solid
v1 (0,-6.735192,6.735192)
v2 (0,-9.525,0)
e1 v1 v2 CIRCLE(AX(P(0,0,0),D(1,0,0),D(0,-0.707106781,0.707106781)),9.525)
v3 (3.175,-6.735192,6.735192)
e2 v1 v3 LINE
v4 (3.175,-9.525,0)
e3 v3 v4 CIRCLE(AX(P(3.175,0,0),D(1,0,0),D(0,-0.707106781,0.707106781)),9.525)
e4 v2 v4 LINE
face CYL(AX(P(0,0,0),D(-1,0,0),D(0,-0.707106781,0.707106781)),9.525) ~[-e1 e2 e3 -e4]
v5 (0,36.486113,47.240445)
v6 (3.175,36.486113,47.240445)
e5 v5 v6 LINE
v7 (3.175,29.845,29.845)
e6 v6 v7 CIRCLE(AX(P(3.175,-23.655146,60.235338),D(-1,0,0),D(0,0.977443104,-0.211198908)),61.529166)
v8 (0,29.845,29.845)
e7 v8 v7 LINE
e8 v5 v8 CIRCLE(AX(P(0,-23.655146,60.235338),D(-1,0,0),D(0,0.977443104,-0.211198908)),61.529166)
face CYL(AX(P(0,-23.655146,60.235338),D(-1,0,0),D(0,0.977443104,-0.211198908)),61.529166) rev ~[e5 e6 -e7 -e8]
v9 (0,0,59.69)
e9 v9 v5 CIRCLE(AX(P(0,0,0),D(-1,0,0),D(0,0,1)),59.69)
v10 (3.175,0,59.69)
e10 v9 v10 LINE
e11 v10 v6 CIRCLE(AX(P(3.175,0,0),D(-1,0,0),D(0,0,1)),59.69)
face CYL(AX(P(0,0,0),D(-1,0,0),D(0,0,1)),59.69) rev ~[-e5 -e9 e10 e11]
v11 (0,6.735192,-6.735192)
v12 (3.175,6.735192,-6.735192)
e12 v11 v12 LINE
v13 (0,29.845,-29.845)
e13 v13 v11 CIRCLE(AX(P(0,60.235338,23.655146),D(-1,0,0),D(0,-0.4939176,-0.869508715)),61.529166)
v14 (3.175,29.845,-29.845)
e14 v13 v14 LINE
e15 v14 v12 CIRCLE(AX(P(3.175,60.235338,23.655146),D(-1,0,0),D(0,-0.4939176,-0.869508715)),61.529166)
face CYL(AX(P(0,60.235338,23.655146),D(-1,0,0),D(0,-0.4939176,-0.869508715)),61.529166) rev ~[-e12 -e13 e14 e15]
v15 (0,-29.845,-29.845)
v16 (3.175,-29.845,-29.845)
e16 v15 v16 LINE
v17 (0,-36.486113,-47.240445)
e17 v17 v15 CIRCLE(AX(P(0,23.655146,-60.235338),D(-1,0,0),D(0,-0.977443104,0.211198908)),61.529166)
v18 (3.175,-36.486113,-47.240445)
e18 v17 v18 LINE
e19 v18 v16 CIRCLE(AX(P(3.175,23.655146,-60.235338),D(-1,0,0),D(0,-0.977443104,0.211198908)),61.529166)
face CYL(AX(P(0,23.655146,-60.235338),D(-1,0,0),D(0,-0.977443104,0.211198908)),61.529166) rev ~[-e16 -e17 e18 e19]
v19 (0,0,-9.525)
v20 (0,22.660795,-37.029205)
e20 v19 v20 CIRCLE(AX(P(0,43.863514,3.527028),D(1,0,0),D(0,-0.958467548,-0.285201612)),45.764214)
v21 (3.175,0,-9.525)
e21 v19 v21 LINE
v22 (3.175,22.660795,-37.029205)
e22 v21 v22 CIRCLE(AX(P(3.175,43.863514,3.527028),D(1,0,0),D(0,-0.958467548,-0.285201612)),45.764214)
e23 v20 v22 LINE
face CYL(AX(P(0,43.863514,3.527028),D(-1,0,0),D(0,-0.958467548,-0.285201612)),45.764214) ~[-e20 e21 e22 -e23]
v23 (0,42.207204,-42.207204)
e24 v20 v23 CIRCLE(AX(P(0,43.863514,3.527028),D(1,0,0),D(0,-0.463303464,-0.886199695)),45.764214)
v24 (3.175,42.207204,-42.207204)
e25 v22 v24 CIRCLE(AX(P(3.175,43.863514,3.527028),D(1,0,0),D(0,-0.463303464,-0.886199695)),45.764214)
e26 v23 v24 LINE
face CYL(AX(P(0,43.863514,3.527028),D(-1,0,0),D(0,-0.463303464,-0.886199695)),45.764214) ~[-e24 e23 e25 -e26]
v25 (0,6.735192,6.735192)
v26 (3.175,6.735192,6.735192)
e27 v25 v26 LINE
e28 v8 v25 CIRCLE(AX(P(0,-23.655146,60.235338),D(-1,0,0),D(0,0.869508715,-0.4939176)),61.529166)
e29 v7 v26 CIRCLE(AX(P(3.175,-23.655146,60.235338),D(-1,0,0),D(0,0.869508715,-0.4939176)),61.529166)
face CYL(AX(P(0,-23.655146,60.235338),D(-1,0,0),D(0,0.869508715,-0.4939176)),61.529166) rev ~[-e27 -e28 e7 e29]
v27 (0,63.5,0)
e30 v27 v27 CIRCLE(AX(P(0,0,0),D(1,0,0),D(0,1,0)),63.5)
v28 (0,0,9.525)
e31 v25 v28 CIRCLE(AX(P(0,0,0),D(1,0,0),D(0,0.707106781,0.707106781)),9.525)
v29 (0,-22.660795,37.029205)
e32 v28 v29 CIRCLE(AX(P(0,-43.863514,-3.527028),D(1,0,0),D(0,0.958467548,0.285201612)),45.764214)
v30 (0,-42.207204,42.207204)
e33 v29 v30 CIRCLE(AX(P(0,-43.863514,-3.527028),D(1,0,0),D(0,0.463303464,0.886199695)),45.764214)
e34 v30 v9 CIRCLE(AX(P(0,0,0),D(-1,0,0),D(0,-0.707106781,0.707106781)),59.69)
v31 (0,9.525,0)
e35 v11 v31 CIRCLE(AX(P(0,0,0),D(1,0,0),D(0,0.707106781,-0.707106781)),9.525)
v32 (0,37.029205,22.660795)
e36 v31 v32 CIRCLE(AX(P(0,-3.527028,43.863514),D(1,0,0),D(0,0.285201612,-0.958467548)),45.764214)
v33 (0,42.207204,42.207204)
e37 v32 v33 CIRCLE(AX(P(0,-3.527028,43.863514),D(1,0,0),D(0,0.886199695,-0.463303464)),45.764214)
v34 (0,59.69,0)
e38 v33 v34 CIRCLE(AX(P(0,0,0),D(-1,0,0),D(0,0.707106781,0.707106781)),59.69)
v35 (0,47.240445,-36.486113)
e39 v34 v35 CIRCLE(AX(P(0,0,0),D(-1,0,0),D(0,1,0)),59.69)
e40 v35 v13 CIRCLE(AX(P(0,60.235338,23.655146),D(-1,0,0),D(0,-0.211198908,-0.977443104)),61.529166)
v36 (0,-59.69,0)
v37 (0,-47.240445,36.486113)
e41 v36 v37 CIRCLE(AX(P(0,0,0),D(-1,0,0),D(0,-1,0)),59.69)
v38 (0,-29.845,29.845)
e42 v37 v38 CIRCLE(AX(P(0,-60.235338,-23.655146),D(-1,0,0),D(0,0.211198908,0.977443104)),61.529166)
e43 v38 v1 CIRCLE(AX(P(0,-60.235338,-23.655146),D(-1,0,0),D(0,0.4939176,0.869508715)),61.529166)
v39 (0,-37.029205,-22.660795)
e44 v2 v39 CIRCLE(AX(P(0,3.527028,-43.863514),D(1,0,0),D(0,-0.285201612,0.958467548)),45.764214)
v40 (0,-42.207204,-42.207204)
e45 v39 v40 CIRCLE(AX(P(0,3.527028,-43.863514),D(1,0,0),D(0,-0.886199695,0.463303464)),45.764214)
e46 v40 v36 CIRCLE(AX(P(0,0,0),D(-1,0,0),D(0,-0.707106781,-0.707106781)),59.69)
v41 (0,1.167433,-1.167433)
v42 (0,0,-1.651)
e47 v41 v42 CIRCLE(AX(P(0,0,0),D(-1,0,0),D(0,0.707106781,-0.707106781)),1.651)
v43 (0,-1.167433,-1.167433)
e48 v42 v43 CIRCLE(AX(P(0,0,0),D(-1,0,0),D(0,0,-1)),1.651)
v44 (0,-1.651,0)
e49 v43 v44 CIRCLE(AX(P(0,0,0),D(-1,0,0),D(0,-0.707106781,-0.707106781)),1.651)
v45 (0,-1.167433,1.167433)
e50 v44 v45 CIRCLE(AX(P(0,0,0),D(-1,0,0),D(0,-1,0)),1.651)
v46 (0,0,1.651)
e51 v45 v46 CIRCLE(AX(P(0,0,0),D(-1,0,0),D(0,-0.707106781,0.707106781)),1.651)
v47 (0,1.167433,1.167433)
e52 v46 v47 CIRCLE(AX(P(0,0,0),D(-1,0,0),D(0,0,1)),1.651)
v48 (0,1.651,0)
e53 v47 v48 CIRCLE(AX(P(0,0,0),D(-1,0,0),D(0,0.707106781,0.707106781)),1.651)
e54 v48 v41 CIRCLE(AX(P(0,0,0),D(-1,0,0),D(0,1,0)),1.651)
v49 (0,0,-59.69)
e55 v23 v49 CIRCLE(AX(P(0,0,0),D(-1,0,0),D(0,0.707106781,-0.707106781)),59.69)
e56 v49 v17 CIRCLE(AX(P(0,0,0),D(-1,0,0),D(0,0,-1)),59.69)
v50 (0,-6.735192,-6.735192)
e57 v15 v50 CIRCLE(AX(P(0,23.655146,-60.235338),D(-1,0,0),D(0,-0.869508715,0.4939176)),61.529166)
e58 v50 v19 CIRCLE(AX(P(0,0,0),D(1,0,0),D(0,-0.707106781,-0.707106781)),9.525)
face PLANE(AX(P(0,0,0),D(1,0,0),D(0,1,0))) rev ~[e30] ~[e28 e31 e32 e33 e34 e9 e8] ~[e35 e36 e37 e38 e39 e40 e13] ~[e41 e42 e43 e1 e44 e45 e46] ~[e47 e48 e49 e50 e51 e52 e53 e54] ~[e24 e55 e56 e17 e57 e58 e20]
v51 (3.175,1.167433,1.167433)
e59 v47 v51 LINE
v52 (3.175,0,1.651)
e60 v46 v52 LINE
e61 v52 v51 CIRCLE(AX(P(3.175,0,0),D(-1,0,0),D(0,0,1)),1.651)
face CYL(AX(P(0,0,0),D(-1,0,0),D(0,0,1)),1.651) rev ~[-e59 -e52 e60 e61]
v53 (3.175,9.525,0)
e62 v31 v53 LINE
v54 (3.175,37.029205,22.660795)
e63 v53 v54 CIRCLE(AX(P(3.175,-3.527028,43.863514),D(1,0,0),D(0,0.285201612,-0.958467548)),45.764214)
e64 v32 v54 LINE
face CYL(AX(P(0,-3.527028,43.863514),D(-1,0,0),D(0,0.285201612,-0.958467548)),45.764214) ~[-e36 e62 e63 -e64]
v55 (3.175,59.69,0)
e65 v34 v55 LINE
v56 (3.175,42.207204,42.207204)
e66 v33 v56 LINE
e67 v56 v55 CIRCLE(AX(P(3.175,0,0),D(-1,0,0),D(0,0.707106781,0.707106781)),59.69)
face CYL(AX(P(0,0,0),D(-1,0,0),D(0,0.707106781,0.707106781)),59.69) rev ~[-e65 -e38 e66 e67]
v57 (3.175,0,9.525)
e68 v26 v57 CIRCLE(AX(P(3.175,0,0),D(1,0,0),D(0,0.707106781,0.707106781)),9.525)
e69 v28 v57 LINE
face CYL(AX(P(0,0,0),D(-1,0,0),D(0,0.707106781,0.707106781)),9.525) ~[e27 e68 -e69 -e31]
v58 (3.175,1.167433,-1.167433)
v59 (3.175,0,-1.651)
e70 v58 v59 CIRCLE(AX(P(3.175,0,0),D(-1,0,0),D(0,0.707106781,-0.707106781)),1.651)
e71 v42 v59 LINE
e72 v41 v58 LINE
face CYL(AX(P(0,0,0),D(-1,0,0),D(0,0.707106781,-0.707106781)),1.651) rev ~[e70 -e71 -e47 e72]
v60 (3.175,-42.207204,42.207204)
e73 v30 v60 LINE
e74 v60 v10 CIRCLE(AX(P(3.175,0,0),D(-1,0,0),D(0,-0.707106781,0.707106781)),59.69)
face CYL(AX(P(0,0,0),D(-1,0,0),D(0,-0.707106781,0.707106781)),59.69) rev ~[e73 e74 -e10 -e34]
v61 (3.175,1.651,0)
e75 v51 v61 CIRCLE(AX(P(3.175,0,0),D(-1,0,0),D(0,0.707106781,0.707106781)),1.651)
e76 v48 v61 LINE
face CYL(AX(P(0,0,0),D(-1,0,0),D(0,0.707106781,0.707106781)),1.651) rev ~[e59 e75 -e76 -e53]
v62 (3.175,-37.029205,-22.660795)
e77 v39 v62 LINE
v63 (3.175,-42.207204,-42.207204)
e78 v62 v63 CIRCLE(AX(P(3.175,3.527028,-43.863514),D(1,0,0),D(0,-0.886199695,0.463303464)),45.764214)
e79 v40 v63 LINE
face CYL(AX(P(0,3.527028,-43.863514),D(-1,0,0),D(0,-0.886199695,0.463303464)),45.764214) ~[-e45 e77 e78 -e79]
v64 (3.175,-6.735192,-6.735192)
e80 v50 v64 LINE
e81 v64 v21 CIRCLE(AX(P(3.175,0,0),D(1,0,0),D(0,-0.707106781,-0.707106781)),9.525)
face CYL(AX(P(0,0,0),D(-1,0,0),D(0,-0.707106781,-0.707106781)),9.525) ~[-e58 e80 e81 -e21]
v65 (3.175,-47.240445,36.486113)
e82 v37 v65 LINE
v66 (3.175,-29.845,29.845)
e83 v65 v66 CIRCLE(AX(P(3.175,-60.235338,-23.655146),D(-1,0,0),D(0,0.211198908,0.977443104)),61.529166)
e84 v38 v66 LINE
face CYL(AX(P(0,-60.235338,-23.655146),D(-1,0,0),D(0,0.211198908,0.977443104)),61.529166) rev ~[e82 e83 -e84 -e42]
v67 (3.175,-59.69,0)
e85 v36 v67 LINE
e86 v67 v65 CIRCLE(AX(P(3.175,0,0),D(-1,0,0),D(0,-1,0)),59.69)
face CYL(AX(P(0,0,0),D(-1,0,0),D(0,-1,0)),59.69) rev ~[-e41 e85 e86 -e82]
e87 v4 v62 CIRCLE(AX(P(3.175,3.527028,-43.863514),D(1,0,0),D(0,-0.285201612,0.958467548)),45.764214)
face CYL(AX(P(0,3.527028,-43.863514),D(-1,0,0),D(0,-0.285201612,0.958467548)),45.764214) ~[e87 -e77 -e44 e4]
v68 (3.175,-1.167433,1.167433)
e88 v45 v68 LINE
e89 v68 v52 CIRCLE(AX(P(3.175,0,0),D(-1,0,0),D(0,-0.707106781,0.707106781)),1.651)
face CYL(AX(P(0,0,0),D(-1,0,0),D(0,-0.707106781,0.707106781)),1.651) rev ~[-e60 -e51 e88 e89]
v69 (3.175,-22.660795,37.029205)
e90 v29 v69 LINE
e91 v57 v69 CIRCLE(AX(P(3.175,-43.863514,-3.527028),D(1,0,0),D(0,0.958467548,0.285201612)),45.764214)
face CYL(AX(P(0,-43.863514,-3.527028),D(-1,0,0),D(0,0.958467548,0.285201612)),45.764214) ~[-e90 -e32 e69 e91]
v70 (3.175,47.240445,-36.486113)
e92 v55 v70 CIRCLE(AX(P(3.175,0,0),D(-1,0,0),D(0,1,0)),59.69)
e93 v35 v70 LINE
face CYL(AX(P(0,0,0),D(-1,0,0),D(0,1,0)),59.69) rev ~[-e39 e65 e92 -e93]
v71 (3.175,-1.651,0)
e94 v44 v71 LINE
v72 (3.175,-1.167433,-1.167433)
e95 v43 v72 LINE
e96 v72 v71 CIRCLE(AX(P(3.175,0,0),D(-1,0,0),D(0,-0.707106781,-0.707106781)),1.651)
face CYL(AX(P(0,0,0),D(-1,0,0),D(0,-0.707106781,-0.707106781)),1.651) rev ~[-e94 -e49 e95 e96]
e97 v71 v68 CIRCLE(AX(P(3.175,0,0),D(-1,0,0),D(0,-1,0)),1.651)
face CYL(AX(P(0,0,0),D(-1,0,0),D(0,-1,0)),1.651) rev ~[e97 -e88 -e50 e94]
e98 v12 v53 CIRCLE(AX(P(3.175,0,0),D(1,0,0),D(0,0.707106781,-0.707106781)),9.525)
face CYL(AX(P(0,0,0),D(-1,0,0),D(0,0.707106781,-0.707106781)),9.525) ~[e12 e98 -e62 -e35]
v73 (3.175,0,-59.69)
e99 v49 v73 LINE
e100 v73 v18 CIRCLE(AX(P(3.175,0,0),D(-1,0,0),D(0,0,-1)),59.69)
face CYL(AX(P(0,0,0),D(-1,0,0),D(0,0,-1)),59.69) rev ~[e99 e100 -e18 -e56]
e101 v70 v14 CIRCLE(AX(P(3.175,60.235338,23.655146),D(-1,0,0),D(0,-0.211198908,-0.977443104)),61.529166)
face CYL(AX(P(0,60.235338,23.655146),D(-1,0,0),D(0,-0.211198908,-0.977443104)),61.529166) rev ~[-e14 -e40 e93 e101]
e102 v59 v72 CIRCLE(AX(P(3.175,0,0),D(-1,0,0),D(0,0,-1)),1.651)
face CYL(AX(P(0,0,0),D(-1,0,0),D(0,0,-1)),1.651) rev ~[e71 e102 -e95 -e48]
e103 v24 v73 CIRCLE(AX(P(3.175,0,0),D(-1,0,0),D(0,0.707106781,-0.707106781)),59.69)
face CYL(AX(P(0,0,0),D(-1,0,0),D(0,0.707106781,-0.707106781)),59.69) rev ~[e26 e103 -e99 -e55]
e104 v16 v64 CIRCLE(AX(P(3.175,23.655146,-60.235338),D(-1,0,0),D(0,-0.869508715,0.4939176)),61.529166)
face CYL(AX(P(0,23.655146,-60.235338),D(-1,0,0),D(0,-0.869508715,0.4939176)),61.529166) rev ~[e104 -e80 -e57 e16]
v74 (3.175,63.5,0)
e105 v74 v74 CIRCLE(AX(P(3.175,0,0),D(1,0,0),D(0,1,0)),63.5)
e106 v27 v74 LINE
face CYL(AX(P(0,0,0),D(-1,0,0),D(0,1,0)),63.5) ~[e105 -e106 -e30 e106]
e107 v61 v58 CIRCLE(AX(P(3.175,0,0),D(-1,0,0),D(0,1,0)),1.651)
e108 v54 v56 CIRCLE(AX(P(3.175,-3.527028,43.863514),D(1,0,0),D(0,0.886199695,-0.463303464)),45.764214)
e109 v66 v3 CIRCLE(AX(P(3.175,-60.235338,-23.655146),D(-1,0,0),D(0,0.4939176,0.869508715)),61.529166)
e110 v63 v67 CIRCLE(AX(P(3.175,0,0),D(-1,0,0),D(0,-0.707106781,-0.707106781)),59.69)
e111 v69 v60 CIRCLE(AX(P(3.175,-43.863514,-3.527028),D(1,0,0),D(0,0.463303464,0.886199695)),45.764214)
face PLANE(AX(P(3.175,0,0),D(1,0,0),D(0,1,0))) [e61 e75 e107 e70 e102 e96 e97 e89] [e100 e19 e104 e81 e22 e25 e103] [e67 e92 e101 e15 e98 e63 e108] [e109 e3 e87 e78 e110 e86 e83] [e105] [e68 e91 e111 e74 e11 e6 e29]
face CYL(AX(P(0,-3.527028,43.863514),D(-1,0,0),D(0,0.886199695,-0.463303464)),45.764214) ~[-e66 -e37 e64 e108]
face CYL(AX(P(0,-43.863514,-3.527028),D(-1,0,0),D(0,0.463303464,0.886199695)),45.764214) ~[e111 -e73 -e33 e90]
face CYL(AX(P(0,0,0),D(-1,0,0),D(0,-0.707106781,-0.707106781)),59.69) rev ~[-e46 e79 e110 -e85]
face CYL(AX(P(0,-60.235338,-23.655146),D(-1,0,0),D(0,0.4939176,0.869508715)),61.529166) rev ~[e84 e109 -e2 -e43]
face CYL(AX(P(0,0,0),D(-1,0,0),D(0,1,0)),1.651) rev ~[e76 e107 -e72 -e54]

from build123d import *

# Parameters (mm, degrees)
F0_R     = 63.5
F1_DEPTH = 3.175


with BuildPart() as f1:
    # F0 (on Right) → F1 (new body)
    with BuildSketch(Plane.YZ):
        Circle(F0_R)
        with BuildLine():
            ThreePointArc((42.207203769, 42.207203769), (55.1463692956, 22.8423740779), (59.69, 0))
            ThreePointArc((59.69, 0), (56.4919386946, -19.2758128889), (47.240445216, -36.486112917))
            ThreePointArc((47.240445216, -36.486112917), (44.8152116738, -39.4270580012), (42.207203769, -42.207203769))
            ThreePointArc((42.207203769, -42.207203769), (22.8423740779, -55.1463692956), (0, -59.69))
            ThreePointArc((0, -59.69), (-19.2758128889, -56.4919386946), (-36.486112917, -47.240445216))
            ThreePointArc((-36.486112917, -47.240445216), (-39.4270580012, -44.8152116738), (-42.207203769, -42.207203769))
            ThreePointArc((-42.207203769, -42.207203769), (-55.1463692956, -22.8423740779), (-59.69, 0))
            ThreePointArc((-59.69, 0), (-56.4919386946, 19.2758128889), (-47.240445216, 36.486112917))
            ThreePointArc((-47.240445216, 36.486112917), (-44.8152116738, 39.4270580012), (-42.207203769, 42.207203769))
            ThreePointArc((-42.207203769, 42.207203769), (-22.8423740779, 55.1463692956), (0, 59.69))
            ThreePointArc((0, 59.69), (19.2758128889, 56.4919386946), (36.486112917, 47.240445216))
            ThreePointArc((36.486112917, 47.240445216), (39.4270580012, 44.8152116738), (42.207203769, 42.207203769))
        make_face(mode=Mode.SUBTRACT)
        with BuildLine():
            ThreePointArc((29.845, -29.845), (16.7276475457, -19.8525445451), (6.7351920908, -6.7351920908))
            ThreePointArc((6.7351920908, -6.7351920908), (3.6450596933, -8.7999525472), (0, -9.525))
            ThreePointArc((0, -9.525), (8.5432084009, -25.5734757664), (22.6607951031, -37.0292048969))
            Line((22.6607951031, -37.0292048969), (29.845, -29.845))
        make_face()
        with BuildLine():
            ThreePointArc((-6.7351920908, 6.7351920908), (-3.6450596933, 8.7999525472), (0, 9.525))
            ThreePointArc((0, 9.525), (-8.5432084009, 25.5734757664), (-22.6607951031, 37.0292048969))
            Line((-22.6607951031, 37.0292048969), (-29.845, 29.845))
            ThreePointArc((-29.845, 29.845), (-16.7276475457, 19.8525445451), (-6.7351920908, 6.7351920908))
        make_face()
        with BuildLine():
            ThreePointArc((6.7351920908, 6.7351920908), (8.7999525472, 3.6450596933), (9.525, 0))
            ThreePointArc((9.525, 0), (25.5734757664, 8.5432084009), (37.0292048969, 22.6607951031))
            Line((37.0292048969, 22.6607951031), (29.845, 29.845))
            ThreePointArc((29.845, 29.845), (19.8525445451, 16.7276475457), (6.7351920908, 6.7351920908))
        make_face()
        with BuildLine():
            ThreePointArc((-29.845, -29.845), (-19.8525445451, -16.7276475457), (-6.7351920908, -6.7351920908))
            ThreePointArc((-6.7351920908, -6.7351920908), (-8.7999525472, -3.6450596933), (-9.525, 0))
            ThreePointArc((-9.525, 0), (-25.5734757664, -8.5432084009), (-37.0292048969, -22.6607951031))
            Line((-37.0292048969, -22.6607951031), (-29.845, -29.845))
        make_face()
        with BuildLine():
            Line((-42.207203769, -42.207203769), (-29.845, -29.845))
            Line((-29.845, -29.845), (-37.0292048969, -22.6607951031))
            ThreePointArc((-37.0292048969, -22.6607951031), (-40.7112653305, -32.1444388979), (-42.207203769, -42.207203769))
        make_face()
        with BuildLine():
            Line((42.207203769, -42.207203769), (29.845, -29.845))
            Line((29.845, -29.845), (22.6607951031, -37.0292048969))
            ThreePointArc((22.6607951031, -37.0292048969), (32.1444388979, -40.7112653305), (42.207203769, -42.207203769))
        make_face()
        with BuildLine():
            Line((29.845, 29.845), (37.0292048969, 22.6607951031))
            ThreePointArc((37.0292048969, 22.6607951031), (40.7112653305, 32.1444388979), (42.207203769, 42.207203769))
            Line((42.207203769, 42.207203769), (29.845, 29.845))
        make_face()
        with BuildLine():
            Line((-29.845, 29.845), (-22.6607951031, 37.0292048969))
            ThreePointArc((-22.6607951031, 37.0292048969), (-32.1444388979, 40.7112653305), (-42.207203769, 42.207203769))
            Line((-42.207203769, 42.207203769), (-29.845, 29.845))
        make_face()
        with BuildLine():
            ThreePointArc((-36.486112917, -47.240445216), (-33.8273957569, -38.2900501722), (-29.845, -29.845))
            Line((-29.845, -29.845), (-42.207203769, -42.207203769))
            Line((-42.207203769, -42.207203769), (-36.486112917, -47.240445216))
        make_face()
        with BuildLine():
            ThreePointArc((47.240445216, -36.486112917), (38.2900501722, -33.8273957569), (29.845, -29.845))
            Line((29.845, -29.845), (42.207203769, -42.207203769))
            Line((42.207203769, -42.207203769), (47.240445216, -36.486112917))
        make_face()
        with BuildLine():
            ThreePointArc((36.486112917, 47.240445216), (33.8273957569, 38.2900501722), (29.845, 29.845))
            Line((29.845, 29.845), (42.207203769, 42.207203769))
            Line((42.207203769, 42.207203769), (36.486112917, 47.240445216))
        make_face()
        with BuildLine():
            ThreePointArc((-47.240445216, 36.486112917), (-38.2900501722, 33.8273957569), (-29.845, 29.845))
            Line((-29.845, 29.845), (-42.207203769, 42.207203769))
            Line((-42.207203769, 42.207203769), (-47.240445216, 36.486112917))
        make_face()
        with BuildLine():
            Line((9.525, 0), (1.651, 0))
            ThreePointArc((1.651, 0), (1.5253251082, -0.6318103468), (1.1674332957, -1.1674332957))
            Line((1.1674332957, -1.1674332957), (6.7351920908, -6.7351920908))
            ThreePointArc((6.7351920908, -6.7351920908), (8.7999525472, -3.6450596933), (9.525, 0))
        make_face()
        with BuildLine():
            ThreePointArc((-1.1674332957, 1.1674332957), (-0.6318103468, 1.5253251082), (0, 1.651))
            Line((0, 1.651), (0, 9.525))
            ThreePointArc((0, 9.525), (-3.6450596933, 8.7999525472), (-6.7351920908, 6.7351920908))
            Line((-6.7351920908, 6.7351920908), (-1.1674332957, 1.1674332957))
        make_face()
        with BuildLine():
            ThreePointArc((-1.651, 0), (-1.5253251082, 0.6318103468), (-1.1674332957, 1.1674332957))
            Line((-1.1674332957, 1.1674332957), (-6.7351920908, 6.7351920908))
            ThreePointArc((-6.7351920908, 6.7351920908), (-8.7999525472, 3.6450596933), (-9.525, 0))
            Line((-9.525, 0), (-1.651, 0))
        make_face()
        with BuildLine():
            Line((-6.7351920908, -6.7351920908), (-1.1674332957, -1.1674332957))
            ThreePointArc((-1.1674332957, -1.1674332957), (-1.5253251082, -0.6318103468), (-1.651, 0))
            Line((-1.651, 0), (-9.525, 0))
            ThreePointArc((-9.525, 0), (-8.7999525472, -3.6450596933), (-6.7351920908, -6.7351920908))
        make_face()
        with BuildLine():
            Line((0, -9.525), (0, -1.651))
            ThreePointArc((0, -1.651), (-0.6318103468, -1.5253251082), (-1.1674332957, -1.1674332957))
            Line((-1.1674332957, -1.1674332957), (-6.7351920908, -6.7351920908))
            ThreePointArc((-6.7351920908, -6.7351920908), (-3.6450596933, -8.7999525472), (0, -9.525))
        make_face()
        with BuildLine():
            Line((6.7351920908, -6.7351920908), (1.1674332957, -1.1674332957))
            ThreePointArc((1.1674332957, -1.1674332957), (0.6318103468, -1.5253251082), (0, -1.651))
            Line((0, -1.651), (0, -9.525))
            ThreePointArc((0, -9.525), (3.6450596933, -8.7999525472), (6.7351920908, -6.7351920908))
        make_face()
        with BuildLine():
            ThreePointArc((1.1674332957, 1.1674332957), (1.5253251082, 0.6318103468), (1.651, 0))
            Line((1.651, 0), (9.525, 0))
            Line((9.525, 0), (4.7625, 4.7625))
            Line((4.7625, 4.7625), (1.1674332957, 1.1674332957))
        make_face()
        with BuildLine():
            ThreePointArc((0, 1.651), (0.6318103468, 1.5253251082), (1.1674332957, 1.1674332957))
            Line((1.1674332957, 1.1674332957), (4.7625, 4.7625))
            Line((4.7625, 4.7625), (0, 9.525))
            Line((0, 9.525), (0, 1.651))
        make_face()
        with BuildLine():
            Line((4.7625, 4.7625), (9.525, 0))
            ThreePointArc((9.525, 0), (8.7999525472, 3.6450596933), (6.7351920908, 6.7351920908))
            Line((6.7351920908, 6.7351920908), (4.7625, 4.7625))
        make_face()
        with BuildLine():
            Line((0, 9.525), (4.7625, 4.7625))
            Line((4.7625, 4.7625), (6.7351920908, 6.7351920908))
            ThreePointArc((6.7351920908, 6.7351920908), (3.6450596933, 8.7999525472), (0, 9.525))
        make_face()
        with BuildLine():
            Line((-47.240445216, 36.486112917), (-42.207203769, 42.207203769))
            ThreePointArc((-42.207203769, 42.207203769), (-44.8152116738, 39.4270580012), (-47.240445216, 36.486112917))
        make_face()
        with BuildLine():
            Line((-36.486112917, -47.240445216), (-42.207203769, -42.207203769))
            ThreePointArc((-42.207203769, -42.207203769), (-39.4270580012, -44.8152116738), (-36.486112917, -47.240445216))
        make_face()
        with BuildLine():
            Line((47.240445216, -36.486112917), (42.207203769, -42.207203769))
            ThreePointArc((42.207203769, -42.207203769), (44.8152116738, -39.4270580012), (47.240445216, -36.486112917))
        make_face()
        with BuildLine():
            Line((36.486112917, 47.240445216), (42.207203769, 42.207203769))
            ThreePointArc((42.207203769, 42.207203769), (39.4270580012, 44.8152116738), (36.486112917, 47.240445216))
        make_face()
    extrude(amount=F1_DEPTH)


solid = f1.part
